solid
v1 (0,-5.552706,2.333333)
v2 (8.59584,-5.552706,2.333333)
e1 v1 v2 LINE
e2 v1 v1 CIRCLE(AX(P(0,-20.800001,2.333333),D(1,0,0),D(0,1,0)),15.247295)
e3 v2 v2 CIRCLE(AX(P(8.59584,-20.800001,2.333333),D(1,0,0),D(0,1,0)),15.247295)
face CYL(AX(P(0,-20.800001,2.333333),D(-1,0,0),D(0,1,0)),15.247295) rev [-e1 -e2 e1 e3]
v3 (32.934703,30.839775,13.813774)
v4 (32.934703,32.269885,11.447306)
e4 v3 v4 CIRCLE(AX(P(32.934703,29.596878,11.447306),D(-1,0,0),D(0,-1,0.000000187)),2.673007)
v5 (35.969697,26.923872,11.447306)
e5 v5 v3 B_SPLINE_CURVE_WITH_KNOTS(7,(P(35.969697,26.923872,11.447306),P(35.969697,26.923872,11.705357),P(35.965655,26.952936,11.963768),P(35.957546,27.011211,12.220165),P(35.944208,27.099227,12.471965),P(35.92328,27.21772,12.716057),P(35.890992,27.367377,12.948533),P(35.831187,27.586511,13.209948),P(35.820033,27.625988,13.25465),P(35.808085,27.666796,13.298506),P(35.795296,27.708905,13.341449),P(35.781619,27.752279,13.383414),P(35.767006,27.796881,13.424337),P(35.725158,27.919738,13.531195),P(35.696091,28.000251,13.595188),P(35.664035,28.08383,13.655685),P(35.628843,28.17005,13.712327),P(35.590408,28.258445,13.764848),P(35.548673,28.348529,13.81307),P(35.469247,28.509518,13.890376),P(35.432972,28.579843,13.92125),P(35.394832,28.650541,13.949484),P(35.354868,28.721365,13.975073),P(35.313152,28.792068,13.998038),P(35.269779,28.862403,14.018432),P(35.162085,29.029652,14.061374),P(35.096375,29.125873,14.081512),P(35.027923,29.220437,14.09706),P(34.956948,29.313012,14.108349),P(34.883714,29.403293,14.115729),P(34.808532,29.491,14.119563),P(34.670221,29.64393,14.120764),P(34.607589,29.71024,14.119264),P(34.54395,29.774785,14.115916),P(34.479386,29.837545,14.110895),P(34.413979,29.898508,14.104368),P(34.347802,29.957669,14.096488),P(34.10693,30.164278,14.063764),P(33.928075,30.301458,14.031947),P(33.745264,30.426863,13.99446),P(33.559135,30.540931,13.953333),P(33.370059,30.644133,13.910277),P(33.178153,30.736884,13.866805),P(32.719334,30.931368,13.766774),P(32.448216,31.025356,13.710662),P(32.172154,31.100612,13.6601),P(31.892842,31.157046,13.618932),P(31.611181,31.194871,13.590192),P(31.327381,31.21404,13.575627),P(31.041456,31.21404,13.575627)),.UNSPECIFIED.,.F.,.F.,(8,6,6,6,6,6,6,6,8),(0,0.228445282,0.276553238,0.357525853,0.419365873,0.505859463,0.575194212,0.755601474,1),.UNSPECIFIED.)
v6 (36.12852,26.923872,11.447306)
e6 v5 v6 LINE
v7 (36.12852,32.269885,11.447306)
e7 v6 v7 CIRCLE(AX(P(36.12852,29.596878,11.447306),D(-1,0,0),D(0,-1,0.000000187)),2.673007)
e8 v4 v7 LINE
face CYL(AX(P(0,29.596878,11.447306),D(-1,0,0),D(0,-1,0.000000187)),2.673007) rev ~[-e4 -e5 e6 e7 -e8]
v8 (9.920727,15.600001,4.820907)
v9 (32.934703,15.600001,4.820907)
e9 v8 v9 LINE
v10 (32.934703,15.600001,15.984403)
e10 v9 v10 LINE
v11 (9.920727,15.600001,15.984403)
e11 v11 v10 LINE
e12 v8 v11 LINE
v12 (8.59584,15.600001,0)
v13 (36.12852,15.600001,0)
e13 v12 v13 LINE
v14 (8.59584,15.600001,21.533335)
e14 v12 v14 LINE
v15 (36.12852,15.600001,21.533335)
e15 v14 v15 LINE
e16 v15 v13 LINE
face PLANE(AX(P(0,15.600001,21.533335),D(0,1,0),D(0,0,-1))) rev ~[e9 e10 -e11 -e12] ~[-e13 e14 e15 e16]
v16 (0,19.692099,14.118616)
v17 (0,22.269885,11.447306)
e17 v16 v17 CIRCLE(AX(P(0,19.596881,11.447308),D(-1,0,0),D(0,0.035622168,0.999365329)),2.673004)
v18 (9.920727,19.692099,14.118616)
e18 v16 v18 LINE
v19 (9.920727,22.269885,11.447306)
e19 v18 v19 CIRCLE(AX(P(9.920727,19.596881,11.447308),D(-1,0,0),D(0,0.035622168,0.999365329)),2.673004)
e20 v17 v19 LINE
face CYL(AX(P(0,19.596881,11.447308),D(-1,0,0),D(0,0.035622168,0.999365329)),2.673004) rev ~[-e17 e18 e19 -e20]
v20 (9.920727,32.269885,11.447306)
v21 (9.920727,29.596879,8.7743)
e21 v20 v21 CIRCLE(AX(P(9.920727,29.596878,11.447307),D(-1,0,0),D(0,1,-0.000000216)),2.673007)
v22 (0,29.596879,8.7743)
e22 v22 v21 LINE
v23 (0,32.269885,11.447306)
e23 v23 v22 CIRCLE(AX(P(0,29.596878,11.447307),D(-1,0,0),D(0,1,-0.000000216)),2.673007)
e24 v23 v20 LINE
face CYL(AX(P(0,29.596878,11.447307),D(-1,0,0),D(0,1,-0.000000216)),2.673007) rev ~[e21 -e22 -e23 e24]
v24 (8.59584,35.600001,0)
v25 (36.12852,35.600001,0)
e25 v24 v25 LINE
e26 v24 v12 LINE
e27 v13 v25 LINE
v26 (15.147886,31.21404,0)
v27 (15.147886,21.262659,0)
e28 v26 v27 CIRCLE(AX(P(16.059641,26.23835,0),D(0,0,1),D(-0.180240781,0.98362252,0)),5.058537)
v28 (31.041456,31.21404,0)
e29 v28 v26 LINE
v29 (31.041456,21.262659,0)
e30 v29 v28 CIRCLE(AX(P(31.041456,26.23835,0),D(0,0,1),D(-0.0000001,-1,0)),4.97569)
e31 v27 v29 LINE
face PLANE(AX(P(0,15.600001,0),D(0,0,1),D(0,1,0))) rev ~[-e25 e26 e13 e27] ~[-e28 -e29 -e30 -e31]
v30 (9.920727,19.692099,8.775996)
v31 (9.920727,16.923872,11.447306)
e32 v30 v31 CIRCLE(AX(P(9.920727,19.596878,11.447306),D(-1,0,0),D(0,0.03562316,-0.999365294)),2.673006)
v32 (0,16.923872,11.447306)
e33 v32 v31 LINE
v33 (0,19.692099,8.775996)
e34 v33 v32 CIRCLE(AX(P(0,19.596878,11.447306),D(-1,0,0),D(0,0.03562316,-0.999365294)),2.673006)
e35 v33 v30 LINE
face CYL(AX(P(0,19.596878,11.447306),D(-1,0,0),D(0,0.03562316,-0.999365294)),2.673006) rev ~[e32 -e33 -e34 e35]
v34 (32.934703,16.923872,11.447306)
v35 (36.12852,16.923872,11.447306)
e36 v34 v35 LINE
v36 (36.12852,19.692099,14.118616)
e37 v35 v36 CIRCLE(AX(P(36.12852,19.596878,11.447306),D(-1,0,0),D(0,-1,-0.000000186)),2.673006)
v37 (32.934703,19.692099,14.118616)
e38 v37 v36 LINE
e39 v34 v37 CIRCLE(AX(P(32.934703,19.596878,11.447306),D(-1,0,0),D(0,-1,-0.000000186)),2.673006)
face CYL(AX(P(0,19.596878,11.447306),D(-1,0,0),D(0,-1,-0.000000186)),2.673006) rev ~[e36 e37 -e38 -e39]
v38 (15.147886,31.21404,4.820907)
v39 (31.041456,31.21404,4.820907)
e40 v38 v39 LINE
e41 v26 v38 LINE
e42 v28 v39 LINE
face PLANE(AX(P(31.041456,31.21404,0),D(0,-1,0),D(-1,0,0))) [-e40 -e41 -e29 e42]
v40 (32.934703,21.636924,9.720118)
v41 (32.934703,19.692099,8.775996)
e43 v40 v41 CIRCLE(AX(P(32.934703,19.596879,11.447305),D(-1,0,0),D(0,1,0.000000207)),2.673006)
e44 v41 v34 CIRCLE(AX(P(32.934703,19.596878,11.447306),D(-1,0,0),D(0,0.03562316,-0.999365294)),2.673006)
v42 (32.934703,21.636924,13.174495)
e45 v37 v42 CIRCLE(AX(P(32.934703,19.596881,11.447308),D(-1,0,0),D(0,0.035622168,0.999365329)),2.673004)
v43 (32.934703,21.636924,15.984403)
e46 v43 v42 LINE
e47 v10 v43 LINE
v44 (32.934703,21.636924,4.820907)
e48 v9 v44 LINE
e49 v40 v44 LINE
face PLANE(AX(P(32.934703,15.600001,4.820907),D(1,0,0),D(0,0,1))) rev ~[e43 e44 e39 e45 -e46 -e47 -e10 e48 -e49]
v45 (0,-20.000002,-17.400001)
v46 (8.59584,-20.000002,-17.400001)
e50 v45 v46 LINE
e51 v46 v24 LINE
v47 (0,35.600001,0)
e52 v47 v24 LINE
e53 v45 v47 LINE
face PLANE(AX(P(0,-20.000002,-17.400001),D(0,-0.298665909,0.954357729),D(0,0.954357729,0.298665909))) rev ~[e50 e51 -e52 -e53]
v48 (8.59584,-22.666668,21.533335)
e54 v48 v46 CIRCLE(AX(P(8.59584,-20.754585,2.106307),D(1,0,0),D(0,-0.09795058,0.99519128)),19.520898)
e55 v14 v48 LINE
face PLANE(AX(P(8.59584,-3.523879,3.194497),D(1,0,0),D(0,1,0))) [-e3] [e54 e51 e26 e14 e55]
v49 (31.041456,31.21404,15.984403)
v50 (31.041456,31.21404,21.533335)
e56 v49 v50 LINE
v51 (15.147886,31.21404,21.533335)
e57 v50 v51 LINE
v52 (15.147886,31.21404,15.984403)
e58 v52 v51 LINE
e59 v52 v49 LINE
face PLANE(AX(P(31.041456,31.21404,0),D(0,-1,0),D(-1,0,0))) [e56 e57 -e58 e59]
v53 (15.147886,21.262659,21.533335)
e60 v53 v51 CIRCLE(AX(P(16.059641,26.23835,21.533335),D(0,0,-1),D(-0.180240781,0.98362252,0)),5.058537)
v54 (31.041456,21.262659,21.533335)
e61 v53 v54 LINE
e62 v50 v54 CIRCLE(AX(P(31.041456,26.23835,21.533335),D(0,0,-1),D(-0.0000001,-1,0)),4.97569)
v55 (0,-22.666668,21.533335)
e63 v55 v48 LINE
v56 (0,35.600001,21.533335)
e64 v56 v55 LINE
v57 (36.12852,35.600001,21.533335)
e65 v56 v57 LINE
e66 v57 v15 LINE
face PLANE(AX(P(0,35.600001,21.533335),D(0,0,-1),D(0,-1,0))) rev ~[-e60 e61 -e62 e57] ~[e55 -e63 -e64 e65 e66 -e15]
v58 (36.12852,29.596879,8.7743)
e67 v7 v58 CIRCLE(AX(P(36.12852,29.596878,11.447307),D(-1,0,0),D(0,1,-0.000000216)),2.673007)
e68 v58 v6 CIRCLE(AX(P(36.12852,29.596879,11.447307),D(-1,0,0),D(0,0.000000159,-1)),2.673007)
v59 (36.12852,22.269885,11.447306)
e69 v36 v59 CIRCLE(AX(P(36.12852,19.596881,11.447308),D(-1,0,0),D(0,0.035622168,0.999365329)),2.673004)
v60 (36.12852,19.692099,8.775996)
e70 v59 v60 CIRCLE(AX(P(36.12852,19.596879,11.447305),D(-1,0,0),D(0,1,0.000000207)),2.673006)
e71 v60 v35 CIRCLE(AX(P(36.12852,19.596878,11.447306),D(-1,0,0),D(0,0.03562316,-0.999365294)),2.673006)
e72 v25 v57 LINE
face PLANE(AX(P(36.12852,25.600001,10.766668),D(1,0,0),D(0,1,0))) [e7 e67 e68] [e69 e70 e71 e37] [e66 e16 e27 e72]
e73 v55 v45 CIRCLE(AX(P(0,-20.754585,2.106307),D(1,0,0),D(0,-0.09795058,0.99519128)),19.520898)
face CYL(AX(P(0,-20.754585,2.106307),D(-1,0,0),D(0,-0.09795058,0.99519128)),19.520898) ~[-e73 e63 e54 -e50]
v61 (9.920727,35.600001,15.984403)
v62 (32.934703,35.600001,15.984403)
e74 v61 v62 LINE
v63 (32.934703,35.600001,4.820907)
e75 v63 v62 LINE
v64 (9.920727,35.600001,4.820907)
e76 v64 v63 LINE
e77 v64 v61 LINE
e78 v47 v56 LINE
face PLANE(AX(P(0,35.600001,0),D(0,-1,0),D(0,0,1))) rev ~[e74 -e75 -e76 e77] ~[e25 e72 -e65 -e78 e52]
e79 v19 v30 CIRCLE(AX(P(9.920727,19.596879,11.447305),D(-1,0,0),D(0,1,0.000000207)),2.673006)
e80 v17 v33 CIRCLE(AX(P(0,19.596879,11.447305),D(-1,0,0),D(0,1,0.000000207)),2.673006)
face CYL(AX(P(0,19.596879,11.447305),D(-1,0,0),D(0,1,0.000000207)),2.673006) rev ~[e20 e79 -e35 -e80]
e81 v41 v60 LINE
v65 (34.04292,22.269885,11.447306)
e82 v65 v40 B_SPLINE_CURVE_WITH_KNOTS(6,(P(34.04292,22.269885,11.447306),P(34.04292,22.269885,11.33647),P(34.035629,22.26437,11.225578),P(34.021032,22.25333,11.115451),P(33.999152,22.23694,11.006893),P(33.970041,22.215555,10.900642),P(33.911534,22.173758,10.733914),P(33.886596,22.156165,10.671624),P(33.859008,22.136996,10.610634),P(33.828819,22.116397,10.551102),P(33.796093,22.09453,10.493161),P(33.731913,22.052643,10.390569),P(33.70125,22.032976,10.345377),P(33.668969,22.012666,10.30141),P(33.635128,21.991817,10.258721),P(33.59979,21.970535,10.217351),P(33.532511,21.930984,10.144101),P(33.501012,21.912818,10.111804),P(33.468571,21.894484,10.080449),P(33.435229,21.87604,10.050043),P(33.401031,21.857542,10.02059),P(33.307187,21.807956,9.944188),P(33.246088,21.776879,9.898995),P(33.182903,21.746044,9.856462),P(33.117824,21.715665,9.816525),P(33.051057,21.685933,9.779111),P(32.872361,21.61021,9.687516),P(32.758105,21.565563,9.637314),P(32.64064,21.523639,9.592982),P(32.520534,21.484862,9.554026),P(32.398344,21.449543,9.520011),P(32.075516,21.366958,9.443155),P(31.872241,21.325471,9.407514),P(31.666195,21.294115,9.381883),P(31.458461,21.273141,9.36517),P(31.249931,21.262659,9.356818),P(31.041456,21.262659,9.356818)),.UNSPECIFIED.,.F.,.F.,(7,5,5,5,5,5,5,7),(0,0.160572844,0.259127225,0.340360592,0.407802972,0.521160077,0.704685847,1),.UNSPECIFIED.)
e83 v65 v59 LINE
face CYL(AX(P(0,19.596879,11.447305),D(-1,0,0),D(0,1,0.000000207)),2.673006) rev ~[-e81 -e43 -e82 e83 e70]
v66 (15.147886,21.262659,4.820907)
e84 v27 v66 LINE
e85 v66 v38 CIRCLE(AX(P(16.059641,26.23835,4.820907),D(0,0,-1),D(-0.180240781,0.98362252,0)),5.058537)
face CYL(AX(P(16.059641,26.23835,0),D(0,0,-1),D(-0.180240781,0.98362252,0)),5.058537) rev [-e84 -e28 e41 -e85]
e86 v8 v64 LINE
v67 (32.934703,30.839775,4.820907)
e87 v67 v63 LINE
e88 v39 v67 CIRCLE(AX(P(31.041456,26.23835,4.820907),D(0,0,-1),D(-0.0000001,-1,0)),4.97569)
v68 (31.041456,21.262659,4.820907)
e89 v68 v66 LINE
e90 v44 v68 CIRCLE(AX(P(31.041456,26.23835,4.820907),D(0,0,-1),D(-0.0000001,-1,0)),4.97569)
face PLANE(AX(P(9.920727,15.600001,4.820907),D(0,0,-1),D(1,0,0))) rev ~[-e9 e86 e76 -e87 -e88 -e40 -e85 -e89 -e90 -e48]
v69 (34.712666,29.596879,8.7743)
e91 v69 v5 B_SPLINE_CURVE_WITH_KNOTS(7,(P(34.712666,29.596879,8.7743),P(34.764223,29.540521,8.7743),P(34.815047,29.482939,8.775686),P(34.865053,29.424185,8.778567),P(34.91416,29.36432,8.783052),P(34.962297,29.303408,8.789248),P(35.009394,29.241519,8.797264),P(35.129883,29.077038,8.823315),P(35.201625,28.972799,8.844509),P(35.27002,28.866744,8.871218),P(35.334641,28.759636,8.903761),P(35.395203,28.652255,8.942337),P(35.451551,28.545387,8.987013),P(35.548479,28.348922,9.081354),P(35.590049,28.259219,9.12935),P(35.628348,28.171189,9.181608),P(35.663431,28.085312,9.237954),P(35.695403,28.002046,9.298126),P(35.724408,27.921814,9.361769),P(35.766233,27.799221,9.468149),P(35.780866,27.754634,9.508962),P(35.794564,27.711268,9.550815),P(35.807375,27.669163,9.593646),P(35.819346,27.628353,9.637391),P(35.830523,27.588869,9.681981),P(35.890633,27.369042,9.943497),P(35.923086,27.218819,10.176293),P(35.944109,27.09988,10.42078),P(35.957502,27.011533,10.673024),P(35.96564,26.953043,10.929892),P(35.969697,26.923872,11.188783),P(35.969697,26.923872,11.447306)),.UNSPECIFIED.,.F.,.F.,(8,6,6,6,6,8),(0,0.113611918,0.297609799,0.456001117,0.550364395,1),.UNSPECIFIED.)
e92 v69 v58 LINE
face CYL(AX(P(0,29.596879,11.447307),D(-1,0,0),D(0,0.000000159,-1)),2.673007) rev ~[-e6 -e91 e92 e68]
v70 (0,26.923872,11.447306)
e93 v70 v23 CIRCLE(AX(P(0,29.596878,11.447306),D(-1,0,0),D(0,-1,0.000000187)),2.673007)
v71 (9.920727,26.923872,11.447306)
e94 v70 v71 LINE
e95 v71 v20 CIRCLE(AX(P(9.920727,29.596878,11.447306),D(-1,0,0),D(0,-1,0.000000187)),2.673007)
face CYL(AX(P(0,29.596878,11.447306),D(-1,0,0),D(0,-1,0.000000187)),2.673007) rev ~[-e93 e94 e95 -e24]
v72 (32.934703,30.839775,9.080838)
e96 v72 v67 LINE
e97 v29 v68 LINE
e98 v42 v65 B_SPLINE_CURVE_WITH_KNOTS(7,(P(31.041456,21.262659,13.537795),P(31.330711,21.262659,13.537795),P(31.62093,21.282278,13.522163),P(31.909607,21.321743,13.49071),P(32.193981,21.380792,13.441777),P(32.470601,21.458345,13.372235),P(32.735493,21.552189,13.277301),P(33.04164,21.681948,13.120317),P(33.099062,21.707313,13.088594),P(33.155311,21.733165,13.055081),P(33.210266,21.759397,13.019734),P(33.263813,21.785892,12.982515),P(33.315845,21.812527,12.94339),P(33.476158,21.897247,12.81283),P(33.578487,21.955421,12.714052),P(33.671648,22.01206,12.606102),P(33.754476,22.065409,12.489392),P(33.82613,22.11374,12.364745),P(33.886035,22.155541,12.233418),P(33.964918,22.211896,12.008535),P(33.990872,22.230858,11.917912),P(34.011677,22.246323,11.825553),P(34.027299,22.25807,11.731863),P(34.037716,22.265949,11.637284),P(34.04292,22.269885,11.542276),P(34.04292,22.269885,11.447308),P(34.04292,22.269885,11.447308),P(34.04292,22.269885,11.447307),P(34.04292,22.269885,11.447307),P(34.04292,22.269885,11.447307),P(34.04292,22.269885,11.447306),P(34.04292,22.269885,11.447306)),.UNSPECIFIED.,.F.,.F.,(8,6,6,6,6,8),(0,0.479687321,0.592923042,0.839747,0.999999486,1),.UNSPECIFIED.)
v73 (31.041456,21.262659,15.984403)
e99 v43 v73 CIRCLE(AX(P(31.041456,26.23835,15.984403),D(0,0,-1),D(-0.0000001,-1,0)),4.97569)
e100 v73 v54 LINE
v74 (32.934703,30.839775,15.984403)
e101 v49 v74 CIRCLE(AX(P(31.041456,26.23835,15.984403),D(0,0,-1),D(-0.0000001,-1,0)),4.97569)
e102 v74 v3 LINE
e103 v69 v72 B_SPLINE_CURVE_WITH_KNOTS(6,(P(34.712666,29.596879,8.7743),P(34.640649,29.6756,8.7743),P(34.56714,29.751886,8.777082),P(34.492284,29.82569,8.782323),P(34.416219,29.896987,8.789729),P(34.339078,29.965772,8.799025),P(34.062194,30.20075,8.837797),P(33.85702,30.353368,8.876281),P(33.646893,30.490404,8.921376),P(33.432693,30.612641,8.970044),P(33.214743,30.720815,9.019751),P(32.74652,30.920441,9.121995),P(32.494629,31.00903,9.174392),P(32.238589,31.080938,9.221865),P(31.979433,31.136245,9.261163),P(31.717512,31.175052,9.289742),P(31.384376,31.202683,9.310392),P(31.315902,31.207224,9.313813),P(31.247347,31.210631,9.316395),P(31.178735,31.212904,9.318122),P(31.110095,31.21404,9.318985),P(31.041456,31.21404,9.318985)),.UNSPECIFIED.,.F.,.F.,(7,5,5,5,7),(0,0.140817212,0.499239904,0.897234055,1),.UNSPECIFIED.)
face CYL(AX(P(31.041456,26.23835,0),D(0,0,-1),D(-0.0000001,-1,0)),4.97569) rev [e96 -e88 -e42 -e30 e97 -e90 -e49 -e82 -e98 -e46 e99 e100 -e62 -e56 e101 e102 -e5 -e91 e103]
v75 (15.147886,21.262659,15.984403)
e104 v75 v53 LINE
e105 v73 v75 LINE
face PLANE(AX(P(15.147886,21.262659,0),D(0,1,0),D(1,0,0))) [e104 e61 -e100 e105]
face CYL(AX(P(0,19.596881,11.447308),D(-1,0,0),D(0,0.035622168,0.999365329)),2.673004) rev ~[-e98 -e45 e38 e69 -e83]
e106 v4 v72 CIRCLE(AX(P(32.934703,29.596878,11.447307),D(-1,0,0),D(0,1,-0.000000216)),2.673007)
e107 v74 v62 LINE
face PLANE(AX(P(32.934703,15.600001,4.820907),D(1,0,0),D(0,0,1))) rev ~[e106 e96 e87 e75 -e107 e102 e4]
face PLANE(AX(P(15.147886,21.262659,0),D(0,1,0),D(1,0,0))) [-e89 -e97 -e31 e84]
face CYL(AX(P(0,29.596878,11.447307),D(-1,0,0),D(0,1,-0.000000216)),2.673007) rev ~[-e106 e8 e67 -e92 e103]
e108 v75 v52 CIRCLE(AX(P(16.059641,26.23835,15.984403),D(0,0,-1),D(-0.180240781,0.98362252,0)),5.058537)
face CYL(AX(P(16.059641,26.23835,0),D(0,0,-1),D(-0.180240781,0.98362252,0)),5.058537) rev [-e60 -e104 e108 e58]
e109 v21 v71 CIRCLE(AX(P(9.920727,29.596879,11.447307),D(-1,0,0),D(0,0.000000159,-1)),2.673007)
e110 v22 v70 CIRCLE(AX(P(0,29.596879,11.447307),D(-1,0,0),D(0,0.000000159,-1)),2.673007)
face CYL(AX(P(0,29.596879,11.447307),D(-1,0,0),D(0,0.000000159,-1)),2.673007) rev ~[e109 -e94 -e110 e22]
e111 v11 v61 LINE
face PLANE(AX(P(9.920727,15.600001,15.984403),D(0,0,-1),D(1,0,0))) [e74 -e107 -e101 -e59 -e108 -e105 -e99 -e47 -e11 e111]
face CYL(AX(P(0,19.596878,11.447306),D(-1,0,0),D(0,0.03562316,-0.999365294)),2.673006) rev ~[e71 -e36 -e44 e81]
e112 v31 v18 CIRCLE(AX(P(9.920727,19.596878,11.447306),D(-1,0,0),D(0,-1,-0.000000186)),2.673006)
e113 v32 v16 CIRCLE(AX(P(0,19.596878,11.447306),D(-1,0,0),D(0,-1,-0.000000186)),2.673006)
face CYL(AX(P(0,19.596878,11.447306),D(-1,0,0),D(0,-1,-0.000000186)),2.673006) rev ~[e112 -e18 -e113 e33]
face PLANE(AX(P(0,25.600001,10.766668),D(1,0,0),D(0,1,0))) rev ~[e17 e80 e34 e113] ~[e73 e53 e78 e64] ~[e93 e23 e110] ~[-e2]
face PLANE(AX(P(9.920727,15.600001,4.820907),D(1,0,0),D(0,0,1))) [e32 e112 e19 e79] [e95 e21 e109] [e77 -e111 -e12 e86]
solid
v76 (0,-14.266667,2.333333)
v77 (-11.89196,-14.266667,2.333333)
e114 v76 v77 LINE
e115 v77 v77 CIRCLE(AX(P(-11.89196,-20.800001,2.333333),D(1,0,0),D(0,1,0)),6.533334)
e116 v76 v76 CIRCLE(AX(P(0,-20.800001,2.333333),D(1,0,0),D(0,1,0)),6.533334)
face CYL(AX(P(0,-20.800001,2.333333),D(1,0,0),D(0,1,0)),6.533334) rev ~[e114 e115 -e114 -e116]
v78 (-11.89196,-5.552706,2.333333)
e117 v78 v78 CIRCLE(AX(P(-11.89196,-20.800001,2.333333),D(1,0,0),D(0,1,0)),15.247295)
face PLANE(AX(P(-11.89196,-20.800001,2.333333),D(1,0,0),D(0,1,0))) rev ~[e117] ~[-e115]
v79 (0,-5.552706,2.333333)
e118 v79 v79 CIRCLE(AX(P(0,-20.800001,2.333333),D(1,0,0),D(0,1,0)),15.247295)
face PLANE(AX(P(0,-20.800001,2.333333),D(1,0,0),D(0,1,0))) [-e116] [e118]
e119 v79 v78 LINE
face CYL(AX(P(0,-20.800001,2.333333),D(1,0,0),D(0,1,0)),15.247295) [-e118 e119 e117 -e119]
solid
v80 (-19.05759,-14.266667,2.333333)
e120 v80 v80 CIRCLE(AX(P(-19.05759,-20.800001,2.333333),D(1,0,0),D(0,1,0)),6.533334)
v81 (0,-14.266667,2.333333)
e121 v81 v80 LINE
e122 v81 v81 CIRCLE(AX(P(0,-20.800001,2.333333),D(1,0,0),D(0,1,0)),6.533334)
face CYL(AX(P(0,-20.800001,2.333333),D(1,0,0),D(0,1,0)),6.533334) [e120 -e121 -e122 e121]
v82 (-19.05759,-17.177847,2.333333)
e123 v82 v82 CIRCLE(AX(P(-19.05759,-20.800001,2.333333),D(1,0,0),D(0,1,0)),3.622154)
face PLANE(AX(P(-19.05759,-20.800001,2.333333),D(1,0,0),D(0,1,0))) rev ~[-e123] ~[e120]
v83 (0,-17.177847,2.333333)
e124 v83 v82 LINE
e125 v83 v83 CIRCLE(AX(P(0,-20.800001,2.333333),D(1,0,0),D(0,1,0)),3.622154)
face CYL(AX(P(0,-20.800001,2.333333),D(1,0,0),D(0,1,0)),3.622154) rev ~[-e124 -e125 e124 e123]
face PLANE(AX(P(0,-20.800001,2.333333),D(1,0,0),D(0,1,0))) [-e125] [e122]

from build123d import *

# Parameters (mm, degrees)
F0_R     = 6.533334
F0_R_2   = 3.622154
F1_DEPTH = 19.05759
F0_R_3   = 15.247295
F2_DEPTH = 11.89196
F3_DEPTH = 8.59584
F4_DEPTH = 36.12852
F6_DEPTH = 22.58512
F7_W     = 23.013976
F7_H     = 11.163496
F8_DEPTH = 25


with BuildPart() as f1:
    # F0 (on Right) → F1 (new body)
    with BuildSketch(Plane.YZ):
        with Locations((-20.800001, 2.333333)):
            Circle(F0_R)
        with Locations((-20.800001, 2.333333)):
            Circle(F0_R_2, mode=Mode.SUBTRACT)
    extrude(amount=-F1_DEPTH)


with BuildPart() as f2:
    # F0 (on Right) → F2 (new body)
    with BuildSketch(Plane.YZ):
        with Locations((-20.800001, 2.333333)):
            Circle(F0_R_3)
        with Locations((-20.800001, 2.333333)):
            Circle(F0_R, mode=Mode.SUBTRACT)
    extrude(amount=-F2_DEPTH)


with BuildPart() as f3:
    # F0 (on Right) → F3 (new body)
    with BuildSketch(Plane.YZ):
        with BuildLine():
            Line((15.600001, 21.533335), (-22.666668, 21.533335))
            ThreePointArc((-22.666668, 21.533335), (-40.229854, 0.772385), (-20.000002, -17.400001))
            Line((-20.000002, -17.400001), (35.600001, 0))
            Line((35.600001, 0), (15.600001, 0))
            Line((15.600001, 0), (15.600001, 13.4))
            Line((15.600001, 13.4), (15.600001, 21.533335))
        make_face()
        with Locations((-20.800001, 2.333333)):
            Circle(F0_R_3, mode=Mode.SUBTRACT)
    extrude(amount=F3_DEPTH)

    # F0 (on Right) → F4 (join)
    with BuildSketch(Plane.YZ):
        Polygon((35.600001, 21.533335), (15.600001, 21.533335), (15.600001, 13.4), (15.600001, 0), (35.600001, 0), align=None)
        with BuildLine():
            ThreePointArc((19.692099, 14.118616), (21.520351, 13.303437), (22.269885, 11.447306))
            ThreePointArc((22.269885, 11.447306), (21.520351, 9.591176), (19.692099, 8.775996))
            ThreePointArc((19.692099, 8.775996), (17.740748, 9.523834), (16.923872, 11.447306))
            ThreePointArc((16.923872, 11.447306), (17.740748, 13.370778), (19.692099, 14.118616))
        make_face(mode=Mode.SUBTRACT)
        with BuildLine():
            ThreePointArc((26.923872, 11.447306), (29.596879, 14.120312), (32.269885, 11.447306))
            ThreePointArc((32.269885, 11.447306), (31.486979, 9.557205), (29.596879, 8.7743))
            ThreePointArc((29.596879, 8.7743), (27.706778, 9.557205), (26.923872, 11.447306))
        make_face(mode=Mode.SUBTRACT)
    extrude(amount=F4_DEPTH)

    # F5 (on Top) → F6 (cut)
    with BuildSketch(Plane.XY):
        with BuildLine():
            ThreePointArc((31.041456, 21.262659), (36.017147, 26.238349), (31.041456, 31.21404))
            Line((31.041456, 31.21404), (15.147886, 31.21404))
            ThreePointArc((15.147886, 31.21404), (11.001104, 26.238349), (15.147886, 21.262659))
            Line((15.147886, 21.262659), (31.041456, 21.262659))
        make_face()
    extrude(amount=F6_DEPTH, mode=Mode.SUBTRACT)

    # F7 (on face) → F8 (cut)
    with BuildSketch(Plane.XZ.offset(-15.600001)):
        with Locations((21.427715, 10.402655)):
            Rectangle(F7_W, F7_H)
    extrude(amount=-F8_DEPTH, mode=Mode.SUBTRACT)


solid = Compound([f1.part, f2.part, f3.part])
